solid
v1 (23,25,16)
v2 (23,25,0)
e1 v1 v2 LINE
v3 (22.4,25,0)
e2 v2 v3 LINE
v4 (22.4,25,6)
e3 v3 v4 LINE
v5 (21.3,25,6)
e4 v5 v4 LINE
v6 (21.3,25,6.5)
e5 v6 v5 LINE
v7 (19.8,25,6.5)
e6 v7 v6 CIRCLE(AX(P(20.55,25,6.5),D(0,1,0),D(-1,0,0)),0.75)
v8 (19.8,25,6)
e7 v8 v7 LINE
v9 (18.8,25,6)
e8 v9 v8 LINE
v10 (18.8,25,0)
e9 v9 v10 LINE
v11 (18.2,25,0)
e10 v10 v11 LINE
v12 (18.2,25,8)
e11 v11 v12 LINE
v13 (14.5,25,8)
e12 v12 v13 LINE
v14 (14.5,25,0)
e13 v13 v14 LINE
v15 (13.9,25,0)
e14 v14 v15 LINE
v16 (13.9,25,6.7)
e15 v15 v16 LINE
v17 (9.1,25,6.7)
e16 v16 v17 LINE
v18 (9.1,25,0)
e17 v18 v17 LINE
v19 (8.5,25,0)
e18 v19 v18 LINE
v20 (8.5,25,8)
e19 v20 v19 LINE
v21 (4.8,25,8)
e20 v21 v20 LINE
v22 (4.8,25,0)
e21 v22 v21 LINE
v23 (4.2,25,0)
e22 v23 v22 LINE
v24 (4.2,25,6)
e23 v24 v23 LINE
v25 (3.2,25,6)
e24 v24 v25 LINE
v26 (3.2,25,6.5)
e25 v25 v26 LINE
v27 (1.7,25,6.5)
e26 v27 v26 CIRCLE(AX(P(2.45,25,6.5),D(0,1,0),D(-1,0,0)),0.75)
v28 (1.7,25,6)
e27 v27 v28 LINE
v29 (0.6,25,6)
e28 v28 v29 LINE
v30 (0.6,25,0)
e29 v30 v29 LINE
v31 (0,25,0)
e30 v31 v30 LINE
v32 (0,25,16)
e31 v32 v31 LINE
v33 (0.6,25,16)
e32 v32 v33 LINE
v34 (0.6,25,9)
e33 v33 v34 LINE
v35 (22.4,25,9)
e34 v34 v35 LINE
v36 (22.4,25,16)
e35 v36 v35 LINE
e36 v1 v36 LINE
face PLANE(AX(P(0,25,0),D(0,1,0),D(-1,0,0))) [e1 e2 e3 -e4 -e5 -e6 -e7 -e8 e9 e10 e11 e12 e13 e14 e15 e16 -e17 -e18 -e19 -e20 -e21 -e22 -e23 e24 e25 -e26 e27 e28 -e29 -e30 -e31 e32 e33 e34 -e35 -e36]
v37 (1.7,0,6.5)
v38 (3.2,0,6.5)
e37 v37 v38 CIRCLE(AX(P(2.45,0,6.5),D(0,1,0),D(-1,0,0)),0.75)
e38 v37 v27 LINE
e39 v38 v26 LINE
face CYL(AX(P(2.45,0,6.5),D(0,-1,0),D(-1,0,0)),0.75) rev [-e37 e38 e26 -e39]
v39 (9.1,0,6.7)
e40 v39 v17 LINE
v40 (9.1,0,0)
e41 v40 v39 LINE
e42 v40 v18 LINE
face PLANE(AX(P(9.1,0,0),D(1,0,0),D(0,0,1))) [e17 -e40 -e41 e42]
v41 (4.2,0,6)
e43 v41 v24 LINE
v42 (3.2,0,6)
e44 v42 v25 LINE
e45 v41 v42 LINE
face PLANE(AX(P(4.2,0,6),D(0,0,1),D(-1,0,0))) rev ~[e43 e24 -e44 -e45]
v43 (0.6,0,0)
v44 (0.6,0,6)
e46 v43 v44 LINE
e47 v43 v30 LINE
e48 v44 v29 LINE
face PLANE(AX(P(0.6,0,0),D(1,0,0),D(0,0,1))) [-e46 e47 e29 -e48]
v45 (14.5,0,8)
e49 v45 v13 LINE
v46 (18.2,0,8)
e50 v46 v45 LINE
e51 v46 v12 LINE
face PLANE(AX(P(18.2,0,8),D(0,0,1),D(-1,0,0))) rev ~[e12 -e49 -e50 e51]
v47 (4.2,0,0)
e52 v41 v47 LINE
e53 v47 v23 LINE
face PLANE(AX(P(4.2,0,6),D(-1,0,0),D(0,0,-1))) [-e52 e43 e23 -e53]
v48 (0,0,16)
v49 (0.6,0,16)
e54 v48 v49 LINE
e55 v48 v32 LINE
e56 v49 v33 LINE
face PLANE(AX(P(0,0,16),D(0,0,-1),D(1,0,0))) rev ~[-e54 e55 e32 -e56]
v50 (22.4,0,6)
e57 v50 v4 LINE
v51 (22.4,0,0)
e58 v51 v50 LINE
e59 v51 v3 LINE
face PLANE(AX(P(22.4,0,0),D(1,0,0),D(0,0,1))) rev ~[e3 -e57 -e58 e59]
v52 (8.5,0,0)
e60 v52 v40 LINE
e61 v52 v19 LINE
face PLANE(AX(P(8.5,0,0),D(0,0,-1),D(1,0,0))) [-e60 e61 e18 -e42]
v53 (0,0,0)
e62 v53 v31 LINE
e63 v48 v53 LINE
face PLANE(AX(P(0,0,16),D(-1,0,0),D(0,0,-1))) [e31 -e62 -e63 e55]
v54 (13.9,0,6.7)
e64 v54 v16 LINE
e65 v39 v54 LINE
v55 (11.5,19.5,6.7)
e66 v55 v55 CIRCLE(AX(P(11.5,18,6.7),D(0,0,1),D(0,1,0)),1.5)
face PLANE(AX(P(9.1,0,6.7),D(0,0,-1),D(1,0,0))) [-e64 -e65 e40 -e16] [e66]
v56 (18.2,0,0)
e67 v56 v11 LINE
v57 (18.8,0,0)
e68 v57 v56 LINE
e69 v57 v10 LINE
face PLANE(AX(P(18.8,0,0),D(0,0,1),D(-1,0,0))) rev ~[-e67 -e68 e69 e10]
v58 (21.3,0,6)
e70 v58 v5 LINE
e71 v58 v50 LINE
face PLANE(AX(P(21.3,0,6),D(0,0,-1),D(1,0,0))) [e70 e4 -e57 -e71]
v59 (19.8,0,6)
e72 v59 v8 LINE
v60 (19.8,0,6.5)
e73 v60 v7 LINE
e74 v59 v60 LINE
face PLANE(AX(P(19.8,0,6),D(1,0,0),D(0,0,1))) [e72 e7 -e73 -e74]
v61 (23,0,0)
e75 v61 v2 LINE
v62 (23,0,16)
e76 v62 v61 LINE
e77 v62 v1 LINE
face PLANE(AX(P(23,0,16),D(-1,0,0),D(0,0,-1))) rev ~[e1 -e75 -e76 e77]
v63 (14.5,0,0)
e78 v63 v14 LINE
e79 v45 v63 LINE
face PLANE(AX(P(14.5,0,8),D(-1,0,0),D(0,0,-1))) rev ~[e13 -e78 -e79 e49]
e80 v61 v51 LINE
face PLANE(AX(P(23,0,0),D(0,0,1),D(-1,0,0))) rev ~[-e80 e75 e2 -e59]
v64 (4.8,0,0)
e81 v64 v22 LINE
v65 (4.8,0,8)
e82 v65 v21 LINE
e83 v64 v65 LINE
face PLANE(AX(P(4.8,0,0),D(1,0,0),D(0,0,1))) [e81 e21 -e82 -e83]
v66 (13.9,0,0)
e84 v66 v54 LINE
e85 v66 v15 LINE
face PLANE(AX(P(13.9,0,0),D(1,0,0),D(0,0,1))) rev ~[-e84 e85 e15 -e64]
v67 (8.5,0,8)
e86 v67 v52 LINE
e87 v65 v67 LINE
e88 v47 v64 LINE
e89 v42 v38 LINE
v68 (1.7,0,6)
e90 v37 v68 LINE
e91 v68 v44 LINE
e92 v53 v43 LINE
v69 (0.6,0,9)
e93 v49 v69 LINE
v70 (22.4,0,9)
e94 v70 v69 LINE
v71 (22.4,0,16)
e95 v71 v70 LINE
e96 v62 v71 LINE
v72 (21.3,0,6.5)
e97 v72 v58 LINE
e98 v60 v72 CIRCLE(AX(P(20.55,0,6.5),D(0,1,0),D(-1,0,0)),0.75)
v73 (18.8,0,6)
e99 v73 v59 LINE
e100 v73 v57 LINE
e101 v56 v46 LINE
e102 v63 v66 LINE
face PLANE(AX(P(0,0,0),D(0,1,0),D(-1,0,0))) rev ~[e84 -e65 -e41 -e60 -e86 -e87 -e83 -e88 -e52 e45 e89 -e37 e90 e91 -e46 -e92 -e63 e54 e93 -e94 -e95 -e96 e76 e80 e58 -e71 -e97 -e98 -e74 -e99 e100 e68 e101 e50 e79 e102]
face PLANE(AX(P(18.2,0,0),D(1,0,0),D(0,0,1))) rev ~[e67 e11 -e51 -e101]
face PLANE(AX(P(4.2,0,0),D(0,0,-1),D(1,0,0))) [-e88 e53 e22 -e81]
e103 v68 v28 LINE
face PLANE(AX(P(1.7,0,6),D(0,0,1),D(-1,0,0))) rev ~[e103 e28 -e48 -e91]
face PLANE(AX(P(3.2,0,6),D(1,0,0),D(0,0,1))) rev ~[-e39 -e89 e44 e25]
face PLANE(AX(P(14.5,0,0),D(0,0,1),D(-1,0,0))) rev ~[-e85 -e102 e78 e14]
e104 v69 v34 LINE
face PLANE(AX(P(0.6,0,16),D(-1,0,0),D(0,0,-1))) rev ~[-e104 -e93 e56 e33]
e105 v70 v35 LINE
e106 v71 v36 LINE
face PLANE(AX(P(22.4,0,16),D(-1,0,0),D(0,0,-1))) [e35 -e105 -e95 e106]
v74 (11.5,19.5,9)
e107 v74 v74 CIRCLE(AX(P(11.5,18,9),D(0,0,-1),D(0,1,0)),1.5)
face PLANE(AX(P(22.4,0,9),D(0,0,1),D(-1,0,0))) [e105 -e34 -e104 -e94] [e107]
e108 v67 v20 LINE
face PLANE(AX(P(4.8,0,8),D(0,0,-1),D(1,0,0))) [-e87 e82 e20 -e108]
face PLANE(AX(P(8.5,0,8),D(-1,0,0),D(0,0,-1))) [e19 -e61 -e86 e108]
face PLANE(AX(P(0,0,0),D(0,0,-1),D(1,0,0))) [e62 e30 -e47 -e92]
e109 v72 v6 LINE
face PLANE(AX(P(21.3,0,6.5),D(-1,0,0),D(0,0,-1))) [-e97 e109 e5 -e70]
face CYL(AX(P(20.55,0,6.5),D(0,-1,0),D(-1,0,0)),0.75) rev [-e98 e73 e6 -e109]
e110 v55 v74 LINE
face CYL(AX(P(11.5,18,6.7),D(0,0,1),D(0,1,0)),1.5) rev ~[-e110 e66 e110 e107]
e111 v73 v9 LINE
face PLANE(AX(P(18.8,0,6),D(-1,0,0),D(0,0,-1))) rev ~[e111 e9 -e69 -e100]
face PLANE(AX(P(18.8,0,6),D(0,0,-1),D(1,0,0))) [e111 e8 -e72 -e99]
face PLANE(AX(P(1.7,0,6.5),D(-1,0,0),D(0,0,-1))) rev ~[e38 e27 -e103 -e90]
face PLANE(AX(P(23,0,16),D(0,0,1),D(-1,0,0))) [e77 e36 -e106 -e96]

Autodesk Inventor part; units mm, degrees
ref_plane "YZ Plane" through (0, 0, 0) normal (1, 0, 0) x (0, 1, 0)
ref_plane "XZ Plane" through (0, 0, 0) normal (0, 1, 0) x (-1, 0, 0)
ref_plane "XY Plane" through (0, 0, 0) normal (0, 0, 1) x (1, 0, 0)
sketch "Skizze1" plane through (0, 0, 0) normal (0, 1, 0) x (-1, 0, 0)
  line L0 (0, 16) -> (0, 0)
  line L1 (0, 16) -> (-0.6, 16)
  line L2 (-0.6, 16) -> (-0.6, 9)
  line L3 (0, 0) -> (-0.6, 0)
  line L4 (0, 0) -> (0.6, 0) construction
  line L5 (-0.6, 0) -> (-0.6, 6)
  line L6 (-4.2, 6) -> (-3.2, 6)
  line L7 (-3.2, 6) -> (-3.2, 6.5)
  arc A0 (-1.7, 6.5) -> (-3.2, 6.5) centre (-2.45, 6.5) ccw
  line L8 (-1.7, 6.5) -> (-1.7, 6)
  line L9 (-1.7, 6) -> (-0.6, 6)
  line L10 (-11.5, 23.3819) -> (-11.5, -15) construction
  line L11 (-4.2, 6) -> (-4.2, 0)
  line L12 (-4.2, 0) -> (-4.8, 0)
  line L13 (-4.8, 0) -> (-4.8, 8)
  line L14 (-4.8, 8) -> (-8.5, 8)
  line L15 (-0.6, 9) -> (-11.5, 9)
  line L16 (-8.5, 8) -> (-8.5, 0)
  line L17 (-8.5, 0) -> (-9.1, 0)
  line L18 (-9.1, 0) -> (-9.1, 6.7)
  line L19 (-9.1, 6.7) -> (-11.5, 6.7)
  line L20 (-23, 16) -> (-23, 0)
  line L21 (-23, 16) -> (-22.4, 16)
  line L22 (-22.4, 16) -> (-22.4, 9)
  line L23 (-23, 0) -> (-22.4, 0)
  line L24 (-23, 0) -> (-23.6, 0) construction
  line L25 (-22.4, 0) -> (-22.4, 6)
  line L26 (-19.8, 6) -> (-19.8, 6.5)
  line L27 (-18.8, 6) -> (-19.8, 6)
  arc A1 (-19.8, 6.5) -> (-21.3, 6.5) centre (-20.55, 6.5) ccw
  line L28 (-21.3, 6.5) -> (-21.3, 6)
  line L29 (-21.3, 6) -> (-22.4, 6)
  line L30 (-18.8, 6) -> (-18.8, 0)
  line L31 (-18.8, 0) -> (-18.2, 0)
  line L32 (-18.2, 0) -> (-18.2, 8)
  line L33 (-18.2, 8) -> (-14.5, 8)
  line L34 (-22.4, 9) -> (-11.5, 9)
  line L35 (-14.5, 8) -> (-14.5, 0)
  line L36 (-14.5, 0) -> (-13.9, 0)
  line L37 (-13.9, 0) -> (-13.9, 6.7)
  line L38 (-13.9, 6.7) -> (-11.5, 6.7)
  point P0 (0, 0)
  point P1 (-23, 0)
  dimension "d0" = 16
  dimension "d1" = 0.6
  dimension "d2" = 7
  dimension "d22" = 0.6
  dimension "d24" = 6
  dimension "d25" = 1
  dimension "d26" = 0.5
  dimension "d27" = 90
  dimension "d28" = 1.1
  dimension "d29" = 0.75
  dimension "d30" = 1.25
  dimension "d31" = 1.25
  dimension "d32" = 1.5
  dimension "d37" = 0.6
  dimension "d38" = 8
  dimension "d39" = 3.7
  dimension "d40" = 23
  dimension "d41" = 0.6
  dimension "d42" = 6.7
  dimension "d43" = 2.3
extrude "Extrusion1" add sketch "Skizze1" along normal blind 25
sketch "Skizze2" plane through (13.9, 0, 6.7) normal (0, 0, -1) x (-1, 0, 0)
  line L0 (0, 25) -> (4.8, 25) projected
  line L1 (0, 0) -> (0, 25) projected
  point P0 (13.9, 0)
  point P1 (2.4, 18)
  dimension "d46" = 7
  dimension "d47" = 2.4
hole "Bohrung1" at (11.5, 18, 6.7) direction (0, 0, 1) diameter 3 end through all
properties part number "Kühlkörper"
